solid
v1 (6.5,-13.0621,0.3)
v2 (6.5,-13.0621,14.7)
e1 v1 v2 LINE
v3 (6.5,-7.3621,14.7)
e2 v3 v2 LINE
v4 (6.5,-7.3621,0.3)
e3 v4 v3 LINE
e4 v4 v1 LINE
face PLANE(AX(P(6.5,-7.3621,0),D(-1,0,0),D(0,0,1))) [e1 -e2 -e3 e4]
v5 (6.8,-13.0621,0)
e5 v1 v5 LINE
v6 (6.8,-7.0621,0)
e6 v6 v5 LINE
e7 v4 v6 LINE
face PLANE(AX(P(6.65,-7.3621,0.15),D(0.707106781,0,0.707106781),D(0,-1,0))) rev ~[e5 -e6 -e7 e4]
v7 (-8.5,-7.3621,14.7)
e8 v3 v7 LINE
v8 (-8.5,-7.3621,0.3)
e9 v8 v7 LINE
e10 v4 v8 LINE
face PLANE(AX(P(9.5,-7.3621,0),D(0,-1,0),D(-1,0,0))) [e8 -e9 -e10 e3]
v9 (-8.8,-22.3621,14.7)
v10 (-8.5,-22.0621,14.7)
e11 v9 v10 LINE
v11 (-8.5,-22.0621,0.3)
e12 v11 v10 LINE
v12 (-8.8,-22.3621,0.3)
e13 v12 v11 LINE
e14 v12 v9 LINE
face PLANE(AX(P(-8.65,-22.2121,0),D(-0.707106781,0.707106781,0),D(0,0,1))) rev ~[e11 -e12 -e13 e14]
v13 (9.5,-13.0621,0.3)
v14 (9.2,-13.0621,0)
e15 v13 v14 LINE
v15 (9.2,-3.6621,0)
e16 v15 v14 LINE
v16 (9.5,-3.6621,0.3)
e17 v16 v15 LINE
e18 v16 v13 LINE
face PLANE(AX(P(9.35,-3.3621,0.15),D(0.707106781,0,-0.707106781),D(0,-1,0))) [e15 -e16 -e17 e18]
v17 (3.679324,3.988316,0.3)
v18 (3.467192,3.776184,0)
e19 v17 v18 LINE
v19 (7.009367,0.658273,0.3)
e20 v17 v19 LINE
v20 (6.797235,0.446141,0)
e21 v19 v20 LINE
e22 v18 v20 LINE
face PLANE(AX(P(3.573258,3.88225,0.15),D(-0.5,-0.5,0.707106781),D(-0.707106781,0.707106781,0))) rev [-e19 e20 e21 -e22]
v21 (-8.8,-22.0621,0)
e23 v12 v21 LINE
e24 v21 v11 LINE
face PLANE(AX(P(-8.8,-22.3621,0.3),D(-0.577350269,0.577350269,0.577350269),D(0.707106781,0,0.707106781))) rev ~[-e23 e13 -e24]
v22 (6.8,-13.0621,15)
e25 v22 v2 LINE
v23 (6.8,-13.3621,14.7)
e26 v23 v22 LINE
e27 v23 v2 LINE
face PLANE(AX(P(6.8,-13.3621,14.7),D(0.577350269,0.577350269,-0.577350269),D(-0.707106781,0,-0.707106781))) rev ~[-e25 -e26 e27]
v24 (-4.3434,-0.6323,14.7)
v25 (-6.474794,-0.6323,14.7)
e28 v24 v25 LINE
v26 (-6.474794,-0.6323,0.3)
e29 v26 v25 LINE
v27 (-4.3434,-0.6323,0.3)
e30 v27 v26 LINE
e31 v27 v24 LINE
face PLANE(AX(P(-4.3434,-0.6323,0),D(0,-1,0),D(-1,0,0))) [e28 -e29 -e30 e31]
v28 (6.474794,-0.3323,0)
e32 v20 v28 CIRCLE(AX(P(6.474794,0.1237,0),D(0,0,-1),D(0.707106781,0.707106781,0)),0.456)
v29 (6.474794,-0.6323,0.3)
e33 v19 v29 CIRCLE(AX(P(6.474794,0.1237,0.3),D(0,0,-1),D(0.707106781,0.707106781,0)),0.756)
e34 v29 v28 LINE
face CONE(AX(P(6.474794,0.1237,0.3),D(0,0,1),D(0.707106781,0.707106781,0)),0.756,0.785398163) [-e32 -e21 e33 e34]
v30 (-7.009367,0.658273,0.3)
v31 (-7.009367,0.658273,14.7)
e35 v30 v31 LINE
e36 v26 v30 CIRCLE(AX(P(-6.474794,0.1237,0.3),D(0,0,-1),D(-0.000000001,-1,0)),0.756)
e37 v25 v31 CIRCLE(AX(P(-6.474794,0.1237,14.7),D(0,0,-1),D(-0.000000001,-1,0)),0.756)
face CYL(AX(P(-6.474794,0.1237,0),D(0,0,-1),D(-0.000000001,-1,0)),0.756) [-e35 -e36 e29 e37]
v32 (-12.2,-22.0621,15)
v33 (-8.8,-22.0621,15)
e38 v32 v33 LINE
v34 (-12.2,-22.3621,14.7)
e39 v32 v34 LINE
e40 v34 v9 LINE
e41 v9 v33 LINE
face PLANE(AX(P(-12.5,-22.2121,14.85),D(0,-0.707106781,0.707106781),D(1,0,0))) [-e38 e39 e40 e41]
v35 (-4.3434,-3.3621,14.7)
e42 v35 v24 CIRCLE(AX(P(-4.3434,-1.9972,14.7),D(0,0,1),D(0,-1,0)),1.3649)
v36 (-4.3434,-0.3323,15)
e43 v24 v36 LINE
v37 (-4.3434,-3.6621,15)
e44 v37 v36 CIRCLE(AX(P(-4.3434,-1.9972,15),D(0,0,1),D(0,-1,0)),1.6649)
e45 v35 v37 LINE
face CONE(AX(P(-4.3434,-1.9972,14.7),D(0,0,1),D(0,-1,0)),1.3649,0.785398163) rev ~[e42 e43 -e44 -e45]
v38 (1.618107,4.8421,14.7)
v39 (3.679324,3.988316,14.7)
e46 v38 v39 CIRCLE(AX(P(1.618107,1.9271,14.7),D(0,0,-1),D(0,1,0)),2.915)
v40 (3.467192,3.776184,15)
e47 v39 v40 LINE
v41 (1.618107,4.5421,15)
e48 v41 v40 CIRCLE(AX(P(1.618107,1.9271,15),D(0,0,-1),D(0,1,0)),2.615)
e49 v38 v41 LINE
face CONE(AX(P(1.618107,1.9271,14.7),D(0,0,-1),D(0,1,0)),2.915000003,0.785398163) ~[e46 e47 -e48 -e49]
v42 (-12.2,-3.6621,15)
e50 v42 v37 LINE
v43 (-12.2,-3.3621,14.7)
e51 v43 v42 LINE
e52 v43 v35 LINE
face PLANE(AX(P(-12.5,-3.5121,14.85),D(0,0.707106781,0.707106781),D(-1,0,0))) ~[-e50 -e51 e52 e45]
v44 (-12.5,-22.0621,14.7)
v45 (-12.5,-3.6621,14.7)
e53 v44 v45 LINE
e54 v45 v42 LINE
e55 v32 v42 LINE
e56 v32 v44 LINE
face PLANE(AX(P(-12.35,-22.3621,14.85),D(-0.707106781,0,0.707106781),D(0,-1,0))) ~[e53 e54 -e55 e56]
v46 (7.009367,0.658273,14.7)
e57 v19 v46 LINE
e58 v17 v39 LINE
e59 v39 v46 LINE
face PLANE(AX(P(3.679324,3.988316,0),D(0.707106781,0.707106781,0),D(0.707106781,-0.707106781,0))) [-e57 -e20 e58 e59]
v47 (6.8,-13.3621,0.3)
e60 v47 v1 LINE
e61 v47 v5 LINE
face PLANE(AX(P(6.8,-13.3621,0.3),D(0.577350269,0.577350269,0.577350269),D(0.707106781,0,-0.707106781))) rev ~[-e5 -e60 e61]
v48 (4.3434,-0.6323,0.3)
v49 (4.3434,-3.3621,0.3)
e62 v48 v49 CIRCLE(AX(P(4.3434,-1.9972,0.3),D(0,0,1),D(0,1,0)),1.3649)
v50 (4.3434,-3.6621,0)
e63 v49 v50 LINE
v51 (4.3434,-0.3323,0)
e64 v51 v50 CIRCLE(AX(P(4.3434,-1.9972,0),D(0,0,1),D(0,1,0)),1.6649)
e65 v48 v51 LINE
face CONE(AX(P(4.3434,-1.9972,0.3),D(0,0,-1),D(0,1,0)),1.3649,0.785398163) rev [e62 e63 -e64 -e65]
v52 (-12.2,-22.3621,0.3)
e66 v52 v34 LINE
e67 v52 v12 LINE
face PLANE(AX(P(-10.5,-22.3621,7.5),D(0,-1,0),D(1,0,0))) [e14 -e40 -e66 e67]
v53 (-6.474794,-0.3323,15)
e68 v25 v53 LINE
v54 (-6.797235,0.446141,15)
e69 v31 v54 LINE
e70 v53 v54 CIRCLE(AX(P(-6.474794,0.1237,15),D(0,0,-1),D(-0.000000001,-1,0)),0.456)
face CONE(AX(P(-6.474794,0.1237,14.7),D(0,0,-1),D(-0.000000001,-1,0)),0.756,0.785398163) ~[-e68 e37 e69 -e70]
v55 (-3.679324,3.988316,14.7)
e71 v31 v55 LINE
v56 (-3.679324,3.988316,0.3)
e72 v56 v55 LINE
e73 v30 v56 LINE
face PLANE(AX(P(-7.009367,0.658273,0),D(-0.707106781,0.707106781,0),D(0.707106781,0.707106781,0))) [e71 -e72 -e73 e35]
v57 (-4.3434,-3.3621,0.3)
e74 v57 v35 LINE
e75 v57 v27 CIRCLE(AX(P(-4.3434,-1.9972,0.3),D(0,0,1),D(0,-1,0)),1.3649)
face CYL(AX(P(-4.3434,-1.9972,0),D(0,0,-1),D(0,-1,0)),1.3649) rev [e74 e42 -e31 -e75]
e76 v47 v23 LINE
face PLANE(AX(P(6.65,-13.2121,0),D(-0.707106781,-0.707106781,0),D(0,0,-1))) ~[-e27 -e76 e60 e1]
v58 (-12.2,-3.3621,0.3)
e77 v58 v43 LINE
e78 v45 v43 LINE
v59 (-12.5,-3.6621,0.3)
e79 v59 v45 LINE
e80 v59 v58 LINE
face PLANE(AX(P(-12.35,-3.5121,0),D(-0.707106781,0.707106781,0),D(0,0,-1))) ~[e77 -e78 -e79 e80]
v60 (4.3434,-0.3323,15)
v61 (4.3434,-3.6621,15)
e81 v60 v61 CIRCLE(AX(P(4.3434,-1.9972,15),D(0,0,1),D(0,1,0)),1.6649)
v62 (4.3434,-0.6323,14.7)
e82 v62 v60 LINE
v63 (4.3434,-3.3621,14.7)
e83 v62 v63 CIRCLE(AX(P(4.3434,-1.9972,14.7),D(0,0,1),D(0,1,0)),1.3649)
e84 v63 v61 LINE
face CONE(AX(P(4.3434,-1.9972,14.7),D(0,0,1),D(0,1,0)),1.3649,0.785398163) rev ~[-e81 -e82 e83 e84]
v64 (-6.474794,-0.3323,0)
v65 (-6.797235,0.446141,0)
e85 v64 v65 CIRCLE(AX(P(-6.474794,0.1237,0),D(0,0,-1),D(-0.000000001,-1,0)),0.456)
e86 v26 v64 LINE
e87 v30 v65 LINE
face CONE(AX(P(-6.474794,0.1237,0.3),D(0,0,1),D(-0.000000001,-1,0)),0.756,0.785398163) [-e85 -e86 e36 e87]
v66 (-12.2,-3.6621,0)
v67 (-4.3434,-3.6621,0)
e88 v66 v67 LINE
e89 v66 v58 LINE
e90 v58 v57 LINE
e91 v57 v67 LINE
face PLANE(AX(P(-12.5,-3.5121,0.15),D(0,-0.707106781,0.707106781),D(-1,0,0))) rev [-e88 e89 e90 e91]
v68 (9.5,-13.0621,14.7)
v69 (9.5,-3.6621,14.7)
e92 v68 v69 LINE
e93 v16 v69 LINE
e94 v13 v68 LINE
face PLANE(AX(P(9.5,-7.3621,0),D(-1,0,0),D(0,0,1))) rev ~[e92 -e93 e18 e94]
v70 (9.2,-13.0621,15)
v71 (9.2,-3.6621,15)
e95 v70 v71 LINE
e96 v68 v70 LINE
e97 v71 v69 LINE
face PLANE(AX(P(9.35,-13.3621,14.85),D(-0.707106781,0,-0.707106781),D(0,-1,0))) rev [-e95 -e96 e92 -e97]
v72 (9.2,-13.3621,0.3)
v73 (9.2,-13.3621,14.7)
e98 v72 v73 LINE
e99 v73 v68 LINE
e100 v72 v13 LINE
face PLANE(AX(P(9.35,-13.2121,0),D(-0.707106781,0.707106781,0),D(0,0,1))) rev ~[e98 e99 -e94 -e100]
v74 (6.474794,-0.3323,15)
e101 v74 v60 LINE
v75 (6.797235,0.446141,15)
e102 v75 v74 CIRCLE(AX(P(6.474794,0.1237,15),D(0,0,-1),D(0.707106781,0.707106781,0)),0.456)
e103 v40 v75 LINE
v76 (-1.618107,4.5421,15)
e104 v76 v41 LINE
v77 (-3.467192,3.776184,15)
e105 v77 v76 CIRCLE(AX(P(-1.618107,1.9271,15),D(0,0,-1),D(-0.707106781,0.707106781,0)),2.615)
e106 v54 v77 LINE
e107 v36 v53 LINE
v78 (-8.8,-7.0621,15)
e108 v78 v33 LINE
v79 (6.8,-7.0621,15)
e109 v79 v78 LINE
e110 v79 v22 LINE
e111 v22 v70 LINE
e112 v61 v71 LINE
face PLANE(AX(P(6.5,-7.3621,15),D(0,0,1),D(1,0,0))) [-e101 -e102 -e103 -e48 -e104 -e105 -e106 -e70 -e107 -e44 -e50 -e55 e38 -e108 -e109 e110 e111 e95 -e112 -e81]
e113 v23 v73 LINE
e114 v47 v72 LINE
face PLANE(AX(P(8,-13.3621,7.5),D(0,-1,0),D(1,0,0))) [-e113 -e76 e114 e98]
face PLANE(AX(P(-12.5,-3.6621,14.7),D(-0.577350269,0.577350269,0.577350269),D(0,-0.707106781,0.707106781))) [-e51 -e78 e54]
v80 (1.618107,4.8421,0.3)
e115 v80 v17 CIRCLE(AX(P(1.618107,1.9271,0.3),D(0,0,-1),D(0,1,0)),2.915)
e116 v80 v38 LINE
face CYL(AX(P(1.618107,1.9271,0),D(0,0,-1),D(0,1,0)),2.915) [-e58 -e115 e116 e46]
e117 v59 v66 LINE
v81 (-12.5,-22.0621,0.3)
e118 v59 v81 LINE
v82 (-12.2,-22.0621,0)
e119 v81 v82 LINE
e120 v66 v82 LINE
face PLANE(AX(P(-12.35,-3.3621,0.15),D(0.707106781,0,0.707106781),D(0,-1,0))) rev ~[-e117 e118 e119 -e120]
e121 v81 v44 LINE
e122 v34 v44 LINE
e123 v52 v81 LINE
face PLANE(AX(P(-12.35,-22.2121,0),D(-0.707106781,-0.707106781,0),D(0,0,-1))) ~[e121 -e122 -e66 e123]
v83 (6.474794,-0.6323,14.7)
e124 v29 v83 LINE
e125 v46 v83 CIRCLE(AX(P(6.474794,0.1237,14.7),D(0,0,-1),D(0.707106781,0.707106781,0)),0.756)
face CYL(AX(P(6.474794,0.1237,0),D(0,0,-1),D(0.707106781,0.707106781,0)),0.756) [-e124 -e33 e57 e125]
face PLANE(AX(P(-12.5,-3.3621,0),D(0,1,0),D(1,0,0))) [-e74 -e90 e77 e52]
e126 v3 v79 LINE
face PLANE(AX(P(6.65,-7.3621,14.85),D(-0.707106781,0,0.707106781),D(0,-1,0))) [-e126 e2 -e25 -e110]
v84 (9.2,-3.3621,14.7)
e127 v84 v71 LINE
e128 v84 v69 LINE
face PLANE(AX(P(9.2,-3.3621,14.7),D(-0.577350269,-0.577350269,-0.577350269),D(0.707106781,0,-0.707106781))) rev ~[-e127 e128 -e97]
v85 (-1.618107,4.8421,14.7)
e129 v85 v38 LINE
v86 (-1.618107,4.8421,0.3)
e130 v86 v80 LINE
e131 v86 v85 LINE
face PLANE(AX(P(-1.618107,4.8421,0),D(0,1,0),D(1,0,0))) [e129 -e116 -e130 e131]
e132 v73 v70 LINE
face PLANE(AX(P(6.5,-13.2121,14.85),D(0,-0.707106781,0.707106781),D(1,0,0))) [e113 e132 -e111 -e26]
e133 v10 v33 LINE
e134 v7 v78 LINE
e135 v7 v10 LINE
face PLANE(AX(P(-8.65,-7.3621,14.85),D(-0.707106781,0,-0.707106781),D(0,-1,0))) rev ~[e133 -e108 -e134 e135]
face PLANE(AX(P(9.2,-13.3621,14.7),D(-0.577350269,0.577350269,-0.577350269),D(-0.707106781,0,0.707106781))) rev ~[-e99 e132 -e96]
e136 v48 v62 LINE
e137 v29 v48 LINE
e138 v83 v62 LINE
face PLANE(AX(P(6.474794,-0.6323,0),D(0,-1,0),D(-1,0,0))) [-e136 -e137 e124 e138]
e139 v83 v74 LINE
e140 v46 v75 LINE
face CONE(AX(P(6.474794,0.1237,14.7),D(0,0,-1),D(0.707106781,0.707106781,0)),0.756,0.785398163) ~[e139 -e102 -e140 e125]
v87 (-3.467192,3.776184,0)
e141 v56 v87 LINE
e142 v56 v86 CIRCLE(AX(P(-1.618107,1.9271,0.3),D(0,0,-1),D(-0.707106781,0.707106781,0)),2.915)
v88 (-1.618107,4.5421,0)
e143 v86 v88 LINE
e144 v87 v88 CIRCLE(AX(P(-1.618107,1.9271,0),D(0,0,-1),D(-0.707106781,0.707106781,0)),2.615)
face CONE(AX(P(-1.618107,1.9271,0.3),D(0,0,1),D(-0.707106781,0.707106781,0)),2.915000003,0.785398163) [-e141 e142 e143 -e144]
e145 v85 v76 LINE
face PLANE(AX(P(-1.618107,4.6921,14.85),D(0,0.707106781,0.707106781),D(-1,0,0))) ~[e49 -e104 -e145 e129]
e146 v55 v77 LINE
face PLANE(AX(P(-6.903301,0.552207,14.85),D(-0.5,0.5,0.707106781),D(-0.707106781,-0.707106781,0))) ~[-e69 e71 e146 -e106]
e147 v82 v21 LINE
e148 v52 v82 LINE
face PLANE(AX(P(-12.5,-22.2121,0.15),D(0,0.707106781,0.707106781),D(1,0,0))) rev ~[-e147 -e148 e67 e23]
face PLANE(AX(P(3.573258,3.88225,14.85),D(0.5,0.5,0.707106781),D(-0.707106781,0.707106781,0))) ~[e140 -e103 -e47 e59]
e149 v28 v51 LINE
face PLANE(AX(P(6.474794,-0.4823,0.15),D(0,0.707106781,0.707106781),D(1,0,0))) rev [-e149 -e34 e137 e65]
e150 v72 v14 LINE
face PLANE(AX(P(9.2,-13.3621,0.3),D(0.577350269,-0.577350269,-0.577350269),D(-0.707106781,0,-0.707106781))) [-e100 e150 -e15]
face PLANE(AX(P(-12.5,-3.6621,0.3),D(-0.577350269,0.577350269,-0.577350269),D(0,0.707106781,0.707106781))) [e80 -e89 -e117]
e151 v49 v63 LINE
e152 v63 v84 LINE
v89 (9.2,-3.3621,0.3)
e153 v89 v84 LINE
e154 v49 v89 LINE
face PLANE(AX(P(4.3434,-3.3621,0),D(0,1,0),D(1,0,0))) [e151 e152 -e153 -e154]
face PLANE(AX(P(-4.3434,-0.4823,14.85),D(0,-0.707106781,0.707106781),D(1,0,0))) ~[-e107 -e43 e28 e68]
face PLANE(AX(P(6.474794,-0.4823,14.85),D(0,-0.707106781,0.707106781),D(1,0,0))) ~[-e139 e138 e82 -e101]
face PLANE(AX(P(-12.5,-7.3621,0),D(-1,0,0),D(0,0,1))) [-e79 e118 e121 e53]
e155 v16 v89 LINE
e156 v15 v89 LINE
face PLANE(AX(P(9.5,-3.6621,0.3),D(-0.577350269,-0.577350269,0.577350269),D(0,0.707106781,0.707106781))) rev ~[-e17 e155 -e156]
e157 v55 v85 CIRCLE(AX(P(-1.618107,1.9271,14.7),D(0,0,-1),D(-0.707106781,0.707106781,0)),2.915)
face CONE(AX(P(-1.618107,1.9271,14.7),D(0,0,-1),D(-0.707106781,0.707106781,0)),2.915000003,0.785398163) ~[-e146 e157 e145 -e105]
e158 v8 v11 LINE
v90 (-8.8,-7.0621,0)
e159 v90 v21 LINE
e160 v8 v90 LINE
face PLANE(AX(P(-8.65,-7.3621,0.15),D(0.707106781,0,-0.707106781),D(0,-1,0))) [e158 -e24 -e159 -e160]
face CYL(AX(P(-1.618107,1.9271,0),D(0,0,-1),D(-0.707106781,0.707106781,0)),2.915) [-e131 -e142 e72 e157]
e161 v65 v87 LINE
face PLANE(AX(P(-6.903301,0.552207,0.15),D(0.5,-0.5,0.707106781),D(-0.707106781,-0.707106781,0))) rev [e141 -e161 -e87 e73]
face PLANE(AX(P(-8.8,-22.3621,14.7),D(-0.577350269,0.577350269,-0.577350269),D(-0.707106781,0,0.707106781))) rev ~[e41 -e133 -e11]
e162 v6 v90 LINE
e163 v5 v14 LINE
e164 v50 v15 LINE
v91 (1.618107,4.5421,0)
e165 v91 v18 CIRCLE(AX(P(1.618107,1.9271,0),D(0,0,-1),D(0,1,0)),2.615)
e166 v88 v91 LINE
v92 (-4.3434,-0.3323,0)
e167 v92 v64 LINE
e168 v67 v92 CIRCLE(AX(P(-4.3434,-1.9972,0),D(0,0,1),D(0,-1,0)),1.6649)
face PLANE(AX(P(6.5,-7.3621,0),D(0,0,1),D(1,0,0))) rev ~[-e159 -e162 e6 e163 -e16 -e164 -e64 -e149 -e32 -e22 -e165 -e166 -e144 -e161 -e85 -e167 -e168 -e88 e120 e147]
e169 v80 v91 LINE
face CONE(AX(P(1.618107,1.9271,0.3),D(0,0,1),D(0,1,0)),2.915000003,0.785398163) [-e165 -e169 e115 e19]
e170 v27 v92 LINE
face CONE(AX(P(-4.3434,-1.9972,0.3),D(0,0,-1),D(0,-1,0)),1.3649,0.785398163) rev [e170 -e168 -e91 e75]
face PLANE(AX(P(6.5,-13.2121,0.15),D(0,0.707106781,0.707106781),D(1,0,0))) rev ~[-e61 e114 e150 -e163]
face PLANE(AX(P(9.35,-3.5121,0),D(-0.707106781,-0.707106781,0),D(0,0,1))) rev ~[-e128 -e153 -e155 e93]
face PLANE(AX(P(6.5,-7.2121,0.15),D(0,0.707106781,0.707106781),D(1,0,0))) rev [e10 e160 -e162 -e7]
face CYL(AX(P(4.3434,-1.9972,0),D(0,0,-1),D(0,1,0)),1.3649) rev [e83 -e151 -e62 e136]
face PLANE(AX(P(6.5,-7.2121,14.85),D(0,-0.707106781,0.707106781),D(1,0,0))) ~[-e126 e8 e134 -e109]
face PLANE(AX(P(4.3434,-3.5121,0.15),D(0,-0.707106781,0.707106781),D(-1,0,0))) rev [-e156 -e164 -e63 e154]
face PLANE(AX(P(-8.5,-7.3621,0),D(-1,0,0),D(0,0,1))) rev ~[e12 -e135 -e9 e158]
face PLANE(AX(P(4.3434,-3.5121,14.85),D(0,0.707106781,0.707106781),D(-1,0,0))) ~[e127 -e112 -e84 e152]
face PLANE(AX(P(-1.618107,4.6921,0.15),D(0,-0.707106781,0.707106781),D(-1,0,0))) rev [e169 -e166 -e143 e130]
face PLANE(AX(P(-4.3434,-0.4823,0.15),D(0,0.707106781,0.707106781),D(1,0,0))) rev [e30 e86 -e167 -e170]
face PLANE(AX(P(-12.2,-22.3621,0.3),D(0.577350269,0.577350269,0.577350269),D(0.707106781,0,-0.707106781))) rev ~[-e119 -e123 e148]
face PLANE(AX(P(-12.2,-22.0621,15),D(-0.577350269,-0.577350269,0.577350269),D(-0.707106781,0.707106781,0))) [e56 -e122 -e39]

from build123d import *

# Parameters (mm, degrees)
BOSS_EXTRUDE1_DEPTH = 15
SKETCH2_W           = 4
SKETCH2_H           = 15
BOSS_EXTRUDE2_DEPTH = 15
SKETCH3_W           = 3
SKETCH3_H           = 15
BOSS_EXTRUDE3_DEPTH = 6
CHAMFER1_SIZE       = 0.3


with BuildPart() as part:
    # Sketch1 → Boss-Extrude1 (new body)
    with BuildSketch(Plane.XY):
        with BuildLine():
            Line((4.343399971, -3.3621), (5.0570836, -3.3621))
            Line((5.0570836, -3.3621), (9.5, -3.3621))
            Line((9.5, -3.3621), (9.5, -7.3621))
            Line((9.5, -7.3621), (-12.5, -7.3621))
            Line((-12.5, -7.3621), (-12.5, -3.3621))
            Line((-12.5, -3.3621), (-5.0570836, -3.3621))
            Line((-5.0570836, -3.3621), (-4.3434, -3.3621))
            ThreePointArc((-4.3434, -3.3621), (-2.9785, -1.9972), (-4.3434, -0.6323))
            Line((-4.3434, -0.6323), (-6.474794456, -0.6323))
            ThreePointArc((-6.474794456, -0.6323), (-7.173247382, -0.165608675), (-7.009367182, 0.658272727))
            Line((-7.009367182, 0.658272727), (-3.679323642, 3.988316267))
            ThreePointArc((-3.679323642, 3.988316267), (-2.73362958, 4.620208837), (-1.618107374, 4.8421))
            Line((-1.618107374, 4.8421), (1.618107374, 4.8421))
            ThreePointArc((1.618107374, 4.8421), (2.73362958, 4.620208837), (3.679323642, 3.988316267))
            Line((3.679323642, 3.988316267), (7.009367182, 0.658272727))
            ThreePointArc((7.009367182, 0.658272727), (7.173247382, -0.165608675), (6.474794456, -0.6323))
            Line((6.474794456, -0.6323), (4.343399971, -0.6323))
            ThreePointArc((4.343399971, -0.6323), (2.978499971, -1.9972), (4.343399971, -3.3621))
        make_face()
    extrude(amount=BOSS_EXTRUDE1_DEPTH)

    # Sketch2 → Boss-Extrude2 (add)
    with BuildSketch(Plane.XZ.offset(7.3621)):
        with Locations((-10.5, 7.5)):
            Rectangle(SKETCH2_W, SKETCH2_H)
    extrude(amount=BOSS_EXTRUDE2_DEPTH)

    # Sketch3 → Boss-Extrude3 (add)
    with BuildSketch(Plane.XZ.offset(7.3621)):
        with Locations((8, 7.5)):
            Rectangle(SKETCH3_W, SKETCH3_H)
    extrude(amount=BOSS_EXTRUDE3_DEPTH)

    # Chamfer1
    chamfer1_edges = [part.edges().sort_by_distance(p)[0] for p in [
        (9.5, -8.3621, 15),
        (-8.4217, -3.3621, 0),
        (-2.9785, -1.9972, 0),
        (-5.409097228, -0.6323, 0),
        (-7.173247382, -0.165608675, 0),
        (-5.344345412, 2.323294497, 0),
        (-2.73362958, 4.620208837, 0),
        (0, 4.8421, 0),
        (2.73362958, 4.620208837, 0),
        (5.344345412, 2.323294497, 0),
        (6.921699986, -3.3621, 15),
        (7.173247382, -0.165608675, 0),
        (5.409097213, -0.6323, 0),
        (2.978499971, -1.9972, 0),
        (6.921699986, -3.3621, 0),
        (9.5, -8.3621, 0),
        (-12.5, -12.8621, 0),
        (2.978499971, -1.9972, 15),
        (9.5, -3.3621, 7.5),
        (-12.5, -3.3621, 7.5),
        (5.409097213, -0.6323, 15),
        (7.173247382, -0.165608675, 15),
        (5.344345412, 2.323294497, 15),
        (2.73362958, 4.620208837, 15),
        (0, 4.8421, 15),
        (-8.4217, -3.3621, 15),
        (-1, -7.3621, 0),
        (-1, -7.3621, 15),
        (-2.73362958, 4.620208837, 15),
        (-8.5, -14.8621, 0),
        (-8.5, -14.8621, 15),
        (-12.5, -22.3621, 7.5),
        (-10.5, -22.3621, 0),
        (-8.5, -22.3621, 7.5),
        (-10.5, -22.3621, 15),
        (-5.344345412, 2.323294497, 15),
        (-7.173247382, -0.165608675, 15),
        (-5.409097228, -0.6323, 15),
        (6.5, -10.3621, 15),
        (6.5, -10.3621, 0),
        (9.5, -13.3621, 7.5),
        (8, -13.3621, 15),
        (6.5, -13.3621, 7.5),
        (8, -13.3621, 0),
        (-2.9785, -1.9972, 15),
        (-12.5, -12.8621, 15),
    ]]
    chamfer(chamfer1_edges, length=CHAMFER1_SIZE)


solid = part.part
